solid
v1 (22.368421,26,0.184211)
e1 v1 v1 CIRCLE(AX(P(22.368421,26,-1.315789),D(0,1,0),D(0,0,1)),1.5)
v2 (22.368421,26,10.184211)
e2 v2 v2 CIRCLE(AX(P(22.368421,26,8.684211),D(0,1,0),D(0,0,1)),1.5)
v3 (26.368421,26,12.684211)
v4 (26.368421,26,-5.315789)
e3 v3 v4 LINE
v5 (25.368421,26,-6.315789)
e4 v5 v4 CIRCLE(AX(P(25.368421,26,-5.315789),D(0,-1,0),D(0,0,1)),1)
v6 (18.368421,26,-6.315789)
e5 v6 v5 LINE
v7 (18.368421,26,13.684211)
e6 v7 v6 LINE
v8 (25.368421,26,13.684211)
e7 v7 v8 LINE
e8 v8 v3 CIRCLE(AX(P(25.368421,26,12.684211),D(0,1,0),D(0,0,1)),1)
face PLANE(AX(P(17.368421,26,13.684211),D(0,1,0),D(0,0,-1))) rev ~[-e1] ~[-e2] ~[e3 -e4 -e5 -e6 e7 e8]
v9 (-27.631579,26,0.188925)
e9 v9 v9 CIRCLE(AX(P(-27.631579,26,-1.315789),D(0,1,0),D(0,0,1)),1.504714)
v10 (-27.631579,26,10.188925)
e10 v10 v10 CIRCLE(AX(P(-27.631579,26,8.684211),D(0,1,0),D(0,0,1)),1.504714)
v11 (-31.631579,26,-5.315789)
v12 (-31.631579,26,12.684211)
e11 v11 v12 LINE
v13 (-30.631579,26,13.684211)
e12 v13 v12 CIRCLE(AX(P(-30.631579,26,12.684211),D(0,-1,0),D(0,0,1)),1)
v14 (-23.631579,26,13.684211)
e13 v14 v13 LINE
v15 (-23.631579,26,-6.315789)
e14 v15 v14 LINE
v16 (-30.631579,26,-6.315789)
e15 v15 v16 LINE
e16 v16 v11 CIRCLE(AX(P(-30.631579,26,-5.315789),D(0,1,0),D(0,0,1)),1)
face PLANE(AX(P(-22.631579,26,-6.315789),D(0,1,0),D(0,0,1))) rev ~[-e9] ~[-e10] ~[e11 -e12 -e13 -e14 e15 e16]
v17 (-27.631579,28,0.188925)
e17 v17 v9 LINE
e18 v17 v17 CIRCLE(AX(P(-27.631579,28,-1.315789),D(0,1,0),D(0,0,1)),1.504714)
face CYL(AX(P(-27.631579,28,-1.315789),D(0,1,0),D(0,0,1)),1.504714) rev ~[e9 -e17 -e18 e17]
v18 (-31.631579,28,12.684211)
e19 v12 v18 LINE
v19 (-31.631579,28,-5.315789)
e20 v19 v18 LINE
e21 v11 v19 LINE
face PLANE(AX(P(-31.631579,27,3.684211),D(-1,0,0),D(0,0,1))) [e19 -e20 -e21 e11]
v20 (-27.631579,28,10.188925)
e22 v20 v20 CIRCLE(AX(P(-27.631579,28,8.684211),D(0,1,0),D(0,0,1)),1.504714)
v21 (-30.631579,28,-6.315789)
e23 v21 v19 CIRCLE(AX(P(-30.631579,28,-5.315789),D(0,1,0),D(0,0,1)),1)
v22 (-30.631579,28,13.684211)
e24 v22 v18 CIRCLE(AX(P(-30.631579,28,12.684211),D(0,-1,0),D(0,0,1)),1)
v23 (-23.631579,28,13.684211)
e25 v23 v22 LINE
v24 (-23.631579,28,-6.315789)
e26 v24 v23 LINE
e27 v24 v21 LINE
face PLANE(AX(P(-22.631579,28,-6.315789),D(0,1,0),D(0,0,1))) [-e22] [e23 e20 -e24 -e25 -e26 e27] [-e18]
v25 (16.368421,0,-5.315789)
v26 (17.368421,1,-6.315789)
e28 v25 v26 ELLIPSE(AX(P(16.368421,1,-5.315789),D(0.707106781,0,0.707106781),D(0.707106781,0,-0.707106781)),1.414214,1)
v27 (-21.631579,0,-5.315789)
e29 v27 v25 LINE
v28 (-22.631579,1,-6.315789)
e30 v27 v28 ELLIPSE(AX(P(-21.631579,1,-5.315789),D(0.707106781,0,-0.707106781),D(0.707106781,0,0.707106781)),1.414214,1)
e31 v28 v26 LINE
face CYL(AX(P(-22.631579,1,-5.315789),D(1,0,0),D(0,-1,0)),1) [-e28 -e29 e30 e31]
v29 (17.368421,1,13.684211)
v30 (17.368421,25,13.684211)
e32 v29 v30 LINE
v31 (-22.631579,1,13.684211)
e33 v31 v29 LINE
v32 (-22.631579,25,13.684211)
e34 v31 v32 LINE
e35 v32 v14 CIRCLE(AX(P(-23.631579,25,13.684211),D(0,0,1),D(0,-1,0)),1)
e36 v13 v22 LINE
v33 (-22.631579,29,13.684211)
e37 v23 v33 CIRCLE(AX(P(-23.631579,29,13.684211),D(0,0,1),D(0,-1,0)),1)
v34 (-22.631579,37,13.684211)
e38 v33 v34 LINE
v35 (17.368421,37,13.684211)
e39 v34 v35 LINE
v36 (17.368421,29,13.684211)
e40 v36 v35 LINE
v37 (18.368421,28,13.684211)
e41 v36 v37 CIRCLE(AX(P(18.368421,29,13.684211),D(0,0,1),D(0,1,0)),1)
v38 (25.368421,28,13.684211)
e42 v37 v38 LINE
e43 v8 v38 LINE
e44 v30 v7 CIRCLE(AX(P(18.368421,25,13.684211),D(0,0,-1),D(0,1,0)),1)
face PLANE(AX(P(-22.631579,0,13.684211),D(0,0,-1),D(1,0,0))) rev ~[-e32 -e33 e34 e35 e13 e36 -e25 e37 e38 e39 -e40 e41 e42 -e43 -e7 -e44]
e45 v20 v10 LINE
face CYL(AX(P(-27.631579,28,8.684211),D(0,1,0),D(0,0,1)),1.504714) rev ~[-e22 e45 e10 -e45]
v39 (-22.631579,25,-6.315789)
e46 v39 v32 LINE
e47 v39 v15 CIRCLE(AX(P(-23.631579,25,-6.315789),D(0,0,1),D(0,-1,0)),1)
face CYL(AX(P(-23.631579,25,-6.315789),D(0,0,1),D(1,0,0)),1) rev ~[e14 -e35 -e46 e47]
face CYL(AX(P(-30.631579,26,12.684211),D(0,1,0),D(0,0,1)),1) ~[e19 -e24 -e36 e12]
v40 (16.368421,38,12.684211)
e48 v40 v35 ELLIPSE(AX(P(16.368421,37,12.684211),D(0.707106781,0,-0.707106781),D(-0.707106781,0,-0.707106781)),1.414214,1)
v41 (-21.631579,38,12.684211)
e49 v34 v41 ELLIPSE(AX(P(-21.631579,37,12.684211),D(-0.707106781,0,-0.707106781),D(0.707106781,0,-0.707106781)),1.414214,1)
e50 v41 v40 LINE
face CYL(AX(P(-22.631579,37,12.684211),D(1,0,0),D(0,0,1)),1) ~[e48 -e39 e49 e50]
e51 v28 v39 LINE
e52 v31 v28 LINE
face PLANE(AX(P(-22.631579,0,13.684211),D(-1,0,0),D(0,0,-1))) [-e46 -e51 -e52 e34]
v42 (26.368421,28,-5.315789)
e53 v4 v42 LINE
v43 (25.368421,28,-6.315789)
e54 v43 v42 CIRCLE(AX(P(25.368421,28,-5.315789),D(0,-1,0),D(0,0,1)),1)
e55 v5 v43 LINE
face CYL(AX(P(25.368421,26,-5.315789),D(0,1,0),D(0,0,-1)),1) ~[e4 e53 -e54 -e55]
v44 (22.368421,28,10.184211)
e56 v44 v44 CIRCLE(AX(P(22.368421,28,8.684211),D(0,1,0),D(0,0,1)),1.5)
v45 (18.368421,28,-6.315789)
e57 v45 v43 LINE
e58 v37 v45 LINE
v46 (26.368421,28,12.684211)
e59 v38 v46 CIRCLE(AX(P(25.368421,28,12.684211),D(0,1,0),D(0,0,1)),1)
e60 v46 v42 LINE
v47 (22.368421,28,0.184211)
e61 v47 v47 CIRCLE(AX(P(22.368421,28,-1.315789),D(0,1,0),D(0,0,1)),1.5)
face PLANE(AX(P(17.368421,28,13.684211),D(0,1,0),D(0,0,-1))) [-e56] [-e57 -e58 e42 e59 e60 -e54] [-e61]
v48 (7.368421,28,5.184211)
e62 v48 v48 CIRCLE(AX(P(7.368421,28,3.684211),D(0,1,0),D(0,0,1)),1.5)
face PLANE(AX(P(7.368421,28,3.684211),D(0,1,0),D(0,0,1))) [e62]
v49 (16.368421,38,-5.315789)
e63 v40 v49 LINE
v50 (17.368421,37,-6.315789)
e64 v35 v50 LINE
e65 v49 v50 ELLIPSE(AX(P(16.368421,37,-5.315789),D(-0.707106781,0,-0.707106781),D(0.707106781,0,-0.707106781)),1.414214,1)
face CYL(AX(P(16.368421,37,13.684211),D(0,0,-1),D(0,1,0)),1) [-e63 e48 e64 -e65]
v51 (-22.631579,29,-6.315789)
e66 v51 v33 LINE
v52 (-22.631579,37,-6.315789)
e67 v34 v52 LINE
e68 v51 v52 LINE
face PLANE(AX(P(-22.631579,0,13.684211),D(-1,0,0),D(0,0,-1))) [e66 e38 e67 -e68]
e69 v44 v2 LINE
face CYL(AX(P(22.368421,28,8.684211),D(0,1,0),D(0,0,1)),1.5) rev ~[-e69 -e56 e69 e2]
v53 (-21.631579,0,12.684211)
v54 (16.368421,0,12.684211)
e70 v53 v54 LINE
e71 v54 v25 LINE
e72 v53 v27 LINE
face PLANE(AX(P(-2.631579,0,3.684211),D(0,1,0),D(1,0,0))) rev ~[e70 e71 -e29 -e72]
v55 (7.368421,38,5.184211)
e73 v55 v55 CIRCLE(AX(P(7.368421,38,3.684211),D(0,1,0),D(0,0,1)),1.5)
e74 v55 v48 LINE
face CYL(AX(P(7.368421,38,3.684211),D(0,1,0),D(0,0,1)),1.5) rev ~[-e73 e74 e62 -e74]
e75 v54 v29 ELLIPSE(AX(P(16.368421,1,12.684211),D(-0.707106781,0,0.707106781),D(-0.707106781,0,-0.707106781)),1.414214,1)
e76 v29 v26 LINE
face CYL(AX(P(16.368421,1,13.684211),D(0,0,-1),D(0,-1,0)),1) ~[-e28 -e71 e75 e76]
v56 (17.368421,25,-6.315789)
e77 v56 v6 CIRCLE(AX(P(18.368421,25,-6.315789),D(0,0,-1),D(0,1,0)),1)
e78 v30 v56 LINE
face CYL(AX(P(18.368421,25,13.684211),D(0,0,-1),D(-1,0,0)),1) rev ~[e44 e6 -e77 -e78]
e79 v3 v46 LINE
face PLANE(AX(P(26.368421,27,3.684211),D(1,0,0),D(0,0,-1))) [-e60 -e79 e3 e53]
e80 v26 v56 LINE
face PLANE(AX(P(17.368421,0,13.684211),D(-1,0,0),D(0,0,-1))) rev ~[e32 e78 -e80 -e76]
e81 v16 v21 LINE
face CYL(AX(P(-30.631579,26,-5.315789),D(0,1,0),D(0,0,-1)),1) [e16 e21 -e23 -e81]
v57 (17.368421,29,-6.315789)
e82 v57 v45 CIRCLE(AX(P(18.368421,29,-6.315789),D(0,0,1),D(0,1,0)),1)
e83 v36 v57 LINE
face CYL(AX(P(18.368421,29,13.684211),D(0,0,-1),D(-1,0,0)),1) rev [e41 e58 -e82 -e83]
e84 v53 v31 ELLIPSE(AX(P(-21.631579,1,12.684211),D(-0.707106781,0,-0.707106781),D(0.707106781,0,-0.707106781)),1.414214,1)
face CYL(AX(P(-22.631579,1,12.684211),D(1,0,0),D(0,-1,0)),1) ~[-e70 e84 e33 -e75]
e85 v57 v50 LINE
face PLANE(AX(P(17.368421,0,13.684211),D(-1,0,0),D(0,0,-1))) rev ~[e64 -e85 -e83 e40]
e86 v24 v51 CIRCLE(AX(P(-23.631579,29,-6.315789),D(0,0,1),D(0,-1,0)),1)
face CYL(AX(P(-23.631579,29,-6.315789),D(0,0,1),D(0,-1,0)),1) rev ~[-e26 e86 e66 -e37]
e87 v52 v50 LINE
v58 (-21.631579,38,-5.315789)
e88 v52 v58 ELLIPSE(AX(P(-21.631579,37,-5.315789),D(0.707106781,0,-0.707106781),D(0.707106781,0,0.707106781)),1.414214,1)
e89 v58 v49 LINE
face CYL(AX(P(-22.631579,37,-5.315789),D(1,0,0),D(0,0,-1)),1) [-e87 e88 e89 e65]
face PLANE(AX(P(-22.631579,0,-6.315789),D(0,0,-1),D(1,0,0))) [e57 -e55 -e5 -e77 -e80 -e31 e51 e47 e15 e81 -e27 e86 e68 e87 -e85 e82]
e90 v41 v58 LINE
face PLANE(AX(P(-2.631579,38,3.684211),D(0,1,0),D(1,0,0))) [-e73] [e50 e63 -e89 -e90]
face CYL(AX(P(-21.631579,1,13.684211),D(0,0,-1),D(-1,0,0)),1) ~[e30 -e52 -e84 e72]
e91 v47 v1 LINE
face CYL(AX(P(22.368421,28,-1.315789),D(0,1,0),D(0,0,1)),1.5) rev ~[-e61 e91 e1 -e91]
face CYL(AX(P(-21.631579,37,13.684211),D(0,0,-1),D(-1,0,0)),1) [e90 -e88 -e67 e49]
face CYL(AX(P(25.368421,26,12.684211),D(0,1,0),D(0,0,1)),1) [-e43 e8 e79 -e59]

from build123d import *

# Parameters (mm, degrees)
SKETCH1_W           = 40
SKETCH1_H           = 20
BOSS_EXTRUDE1_DEPTH = 38
SKETCH2_R           = 1.5
CUT_EXTRUDE1_DEPTH  = 10
SKETCH3_W           = 20
SKETCH3_H           = 2
BOSS_EXTRUDE2_DEPTH = 9
SKETCH6_R           = 1.5
CUT_EXTRUDE2_DEPTH  = 41.82341542
SKETCH7_W           = 20
SKETCH7_H           = 2
BOSS_EXTRUDE5_DEPTH = 9
SKETCH8_R           = 1.504714294
CUT_EXTRUDE3_DEPTH  = 45.405116872
FILLET1_R           = 1


with BuildPart() as part:
    # Sketch1 → Boss-Extrude1 (new body)
    with BuildSketch(Plane(origin=(0, 0, 0), x_dir=(1, 0, 0), z_dir=(0, 1, 0))):
        with Locations((-2.631578947, -3.684210526)):
            Rectangle(SKETCH1_W, SKETCH1_H)
    extrude(amount=BOSS_EXTRUDE1_DEPTH)

    # Sketch2 → Cut-Extrude1 (cut)
    with BuildSketch(Plane(origin=(0, 38, 0), x_dir=(1, 0, 0), z_dir=(0, 1, 0))):
        with Locations(Location((7.368421053, -3.684210526, 0), (0, 0, 270))):
            Circle(SKETCH2_R)
    extrude(amount=-CUT_EXTRUDE1_DEPTH, mode=Mode.SUBTRACT)

    # Sketch3 → Boss-Extrude2 (add)
    with BuildSketch(Plane(origin=(17.368421053, 0, 0), x_dir=(0, 0, -1), z_dir=(1, 0, 0))):
        with Locations((-3.684210526, 27)):
            Rectangle(SKETCH3_W, SKETCH3_H)
    extrude(amount=BOSS_EXTRUDE2_DEPTH)

    # Sketch6 → Cut-Extrude2 (cut, through all)
    with BuildSketch(Plane(origin=(0, 28, 0), x_dir=(1, 0, 0), z_dir=(0, 1, 0))):
        with Locations(Location((22.368421053, 1.315789474, 0), (0, 0, 270))):
            Circle(SKETCH6_R)
        with Locations(Location((22.368421053, -8.684210526, 0), (0, 0, 270))):
            Circle(SKETCH6_R)
    extrude(amount=-CUT_EXTRUDE2_DEPTH, mode=Mode.SUBTRACT)

    # Sketch7 → Boss-Extrude5 (add)
    with BuildSketch(Plane.ZY.offset(22.631578947)):
        with Locations((3.684210526, 27)):
            Rectangle(SKETCH7_W, SKETCH7_H)
    extrude(amount=BOSS_EXTRUDE5_DEPTH)

    # Sketch8 → Cut-Extrude3 (cut, through all)
    with BuildSketch(Plane(origin=(0, 28, 0), x_dir=(1, 0, 0), z_dir=(0, 1, 0))):
        with Locations(Location((-27.631578947, 1.315789474, 0), (0, 0, 270))):
            Circle(SKETCH8_R)
        with Locations(Location((-27.631578947, -8.684210526, 0), (0, 0, 270))):
            Circle(SKETCH8_R)
    extrude(amount=-CUT_EXTRUDE3_DEPTH, mode=Mode.SUBTRACT)

    # Fillet1
    fillet1_edges = [part.edges().sort_by_distance(p)[0] for p in [
        (17.368421053, 38, 3.684210526),
        (-2.631578947, 38, -6.315789474),
        (17.368421053, 26, 3.684210526),
        (26.368421053, 27, 13.684210526),
        (26.368421053, 27, -6.315789474),
        (17.368421053, 28, 3.684210526),
        (-22.631578947, 38, 3.684210526),
        (-2.631578947, 0, -6.315789474),
        (17.368421053, 0, 3.684210526),
        (-22.631578947, 26, 3.684210526),
        (-31.631578947, 27, -6.315789474),
        (-31.631578947, 27, 13.684210526),
        (-22.631578947, 28, 3.684210526),
        (-2.631578947, 0, 13.684210526),
        (-22.631578947, 0, 3.684210526),
        (-2.631578947, 38, 13.684210526),
    ]]
    fillet(fillet1_edges, radius=FILLET1_R)


solid = part.part
